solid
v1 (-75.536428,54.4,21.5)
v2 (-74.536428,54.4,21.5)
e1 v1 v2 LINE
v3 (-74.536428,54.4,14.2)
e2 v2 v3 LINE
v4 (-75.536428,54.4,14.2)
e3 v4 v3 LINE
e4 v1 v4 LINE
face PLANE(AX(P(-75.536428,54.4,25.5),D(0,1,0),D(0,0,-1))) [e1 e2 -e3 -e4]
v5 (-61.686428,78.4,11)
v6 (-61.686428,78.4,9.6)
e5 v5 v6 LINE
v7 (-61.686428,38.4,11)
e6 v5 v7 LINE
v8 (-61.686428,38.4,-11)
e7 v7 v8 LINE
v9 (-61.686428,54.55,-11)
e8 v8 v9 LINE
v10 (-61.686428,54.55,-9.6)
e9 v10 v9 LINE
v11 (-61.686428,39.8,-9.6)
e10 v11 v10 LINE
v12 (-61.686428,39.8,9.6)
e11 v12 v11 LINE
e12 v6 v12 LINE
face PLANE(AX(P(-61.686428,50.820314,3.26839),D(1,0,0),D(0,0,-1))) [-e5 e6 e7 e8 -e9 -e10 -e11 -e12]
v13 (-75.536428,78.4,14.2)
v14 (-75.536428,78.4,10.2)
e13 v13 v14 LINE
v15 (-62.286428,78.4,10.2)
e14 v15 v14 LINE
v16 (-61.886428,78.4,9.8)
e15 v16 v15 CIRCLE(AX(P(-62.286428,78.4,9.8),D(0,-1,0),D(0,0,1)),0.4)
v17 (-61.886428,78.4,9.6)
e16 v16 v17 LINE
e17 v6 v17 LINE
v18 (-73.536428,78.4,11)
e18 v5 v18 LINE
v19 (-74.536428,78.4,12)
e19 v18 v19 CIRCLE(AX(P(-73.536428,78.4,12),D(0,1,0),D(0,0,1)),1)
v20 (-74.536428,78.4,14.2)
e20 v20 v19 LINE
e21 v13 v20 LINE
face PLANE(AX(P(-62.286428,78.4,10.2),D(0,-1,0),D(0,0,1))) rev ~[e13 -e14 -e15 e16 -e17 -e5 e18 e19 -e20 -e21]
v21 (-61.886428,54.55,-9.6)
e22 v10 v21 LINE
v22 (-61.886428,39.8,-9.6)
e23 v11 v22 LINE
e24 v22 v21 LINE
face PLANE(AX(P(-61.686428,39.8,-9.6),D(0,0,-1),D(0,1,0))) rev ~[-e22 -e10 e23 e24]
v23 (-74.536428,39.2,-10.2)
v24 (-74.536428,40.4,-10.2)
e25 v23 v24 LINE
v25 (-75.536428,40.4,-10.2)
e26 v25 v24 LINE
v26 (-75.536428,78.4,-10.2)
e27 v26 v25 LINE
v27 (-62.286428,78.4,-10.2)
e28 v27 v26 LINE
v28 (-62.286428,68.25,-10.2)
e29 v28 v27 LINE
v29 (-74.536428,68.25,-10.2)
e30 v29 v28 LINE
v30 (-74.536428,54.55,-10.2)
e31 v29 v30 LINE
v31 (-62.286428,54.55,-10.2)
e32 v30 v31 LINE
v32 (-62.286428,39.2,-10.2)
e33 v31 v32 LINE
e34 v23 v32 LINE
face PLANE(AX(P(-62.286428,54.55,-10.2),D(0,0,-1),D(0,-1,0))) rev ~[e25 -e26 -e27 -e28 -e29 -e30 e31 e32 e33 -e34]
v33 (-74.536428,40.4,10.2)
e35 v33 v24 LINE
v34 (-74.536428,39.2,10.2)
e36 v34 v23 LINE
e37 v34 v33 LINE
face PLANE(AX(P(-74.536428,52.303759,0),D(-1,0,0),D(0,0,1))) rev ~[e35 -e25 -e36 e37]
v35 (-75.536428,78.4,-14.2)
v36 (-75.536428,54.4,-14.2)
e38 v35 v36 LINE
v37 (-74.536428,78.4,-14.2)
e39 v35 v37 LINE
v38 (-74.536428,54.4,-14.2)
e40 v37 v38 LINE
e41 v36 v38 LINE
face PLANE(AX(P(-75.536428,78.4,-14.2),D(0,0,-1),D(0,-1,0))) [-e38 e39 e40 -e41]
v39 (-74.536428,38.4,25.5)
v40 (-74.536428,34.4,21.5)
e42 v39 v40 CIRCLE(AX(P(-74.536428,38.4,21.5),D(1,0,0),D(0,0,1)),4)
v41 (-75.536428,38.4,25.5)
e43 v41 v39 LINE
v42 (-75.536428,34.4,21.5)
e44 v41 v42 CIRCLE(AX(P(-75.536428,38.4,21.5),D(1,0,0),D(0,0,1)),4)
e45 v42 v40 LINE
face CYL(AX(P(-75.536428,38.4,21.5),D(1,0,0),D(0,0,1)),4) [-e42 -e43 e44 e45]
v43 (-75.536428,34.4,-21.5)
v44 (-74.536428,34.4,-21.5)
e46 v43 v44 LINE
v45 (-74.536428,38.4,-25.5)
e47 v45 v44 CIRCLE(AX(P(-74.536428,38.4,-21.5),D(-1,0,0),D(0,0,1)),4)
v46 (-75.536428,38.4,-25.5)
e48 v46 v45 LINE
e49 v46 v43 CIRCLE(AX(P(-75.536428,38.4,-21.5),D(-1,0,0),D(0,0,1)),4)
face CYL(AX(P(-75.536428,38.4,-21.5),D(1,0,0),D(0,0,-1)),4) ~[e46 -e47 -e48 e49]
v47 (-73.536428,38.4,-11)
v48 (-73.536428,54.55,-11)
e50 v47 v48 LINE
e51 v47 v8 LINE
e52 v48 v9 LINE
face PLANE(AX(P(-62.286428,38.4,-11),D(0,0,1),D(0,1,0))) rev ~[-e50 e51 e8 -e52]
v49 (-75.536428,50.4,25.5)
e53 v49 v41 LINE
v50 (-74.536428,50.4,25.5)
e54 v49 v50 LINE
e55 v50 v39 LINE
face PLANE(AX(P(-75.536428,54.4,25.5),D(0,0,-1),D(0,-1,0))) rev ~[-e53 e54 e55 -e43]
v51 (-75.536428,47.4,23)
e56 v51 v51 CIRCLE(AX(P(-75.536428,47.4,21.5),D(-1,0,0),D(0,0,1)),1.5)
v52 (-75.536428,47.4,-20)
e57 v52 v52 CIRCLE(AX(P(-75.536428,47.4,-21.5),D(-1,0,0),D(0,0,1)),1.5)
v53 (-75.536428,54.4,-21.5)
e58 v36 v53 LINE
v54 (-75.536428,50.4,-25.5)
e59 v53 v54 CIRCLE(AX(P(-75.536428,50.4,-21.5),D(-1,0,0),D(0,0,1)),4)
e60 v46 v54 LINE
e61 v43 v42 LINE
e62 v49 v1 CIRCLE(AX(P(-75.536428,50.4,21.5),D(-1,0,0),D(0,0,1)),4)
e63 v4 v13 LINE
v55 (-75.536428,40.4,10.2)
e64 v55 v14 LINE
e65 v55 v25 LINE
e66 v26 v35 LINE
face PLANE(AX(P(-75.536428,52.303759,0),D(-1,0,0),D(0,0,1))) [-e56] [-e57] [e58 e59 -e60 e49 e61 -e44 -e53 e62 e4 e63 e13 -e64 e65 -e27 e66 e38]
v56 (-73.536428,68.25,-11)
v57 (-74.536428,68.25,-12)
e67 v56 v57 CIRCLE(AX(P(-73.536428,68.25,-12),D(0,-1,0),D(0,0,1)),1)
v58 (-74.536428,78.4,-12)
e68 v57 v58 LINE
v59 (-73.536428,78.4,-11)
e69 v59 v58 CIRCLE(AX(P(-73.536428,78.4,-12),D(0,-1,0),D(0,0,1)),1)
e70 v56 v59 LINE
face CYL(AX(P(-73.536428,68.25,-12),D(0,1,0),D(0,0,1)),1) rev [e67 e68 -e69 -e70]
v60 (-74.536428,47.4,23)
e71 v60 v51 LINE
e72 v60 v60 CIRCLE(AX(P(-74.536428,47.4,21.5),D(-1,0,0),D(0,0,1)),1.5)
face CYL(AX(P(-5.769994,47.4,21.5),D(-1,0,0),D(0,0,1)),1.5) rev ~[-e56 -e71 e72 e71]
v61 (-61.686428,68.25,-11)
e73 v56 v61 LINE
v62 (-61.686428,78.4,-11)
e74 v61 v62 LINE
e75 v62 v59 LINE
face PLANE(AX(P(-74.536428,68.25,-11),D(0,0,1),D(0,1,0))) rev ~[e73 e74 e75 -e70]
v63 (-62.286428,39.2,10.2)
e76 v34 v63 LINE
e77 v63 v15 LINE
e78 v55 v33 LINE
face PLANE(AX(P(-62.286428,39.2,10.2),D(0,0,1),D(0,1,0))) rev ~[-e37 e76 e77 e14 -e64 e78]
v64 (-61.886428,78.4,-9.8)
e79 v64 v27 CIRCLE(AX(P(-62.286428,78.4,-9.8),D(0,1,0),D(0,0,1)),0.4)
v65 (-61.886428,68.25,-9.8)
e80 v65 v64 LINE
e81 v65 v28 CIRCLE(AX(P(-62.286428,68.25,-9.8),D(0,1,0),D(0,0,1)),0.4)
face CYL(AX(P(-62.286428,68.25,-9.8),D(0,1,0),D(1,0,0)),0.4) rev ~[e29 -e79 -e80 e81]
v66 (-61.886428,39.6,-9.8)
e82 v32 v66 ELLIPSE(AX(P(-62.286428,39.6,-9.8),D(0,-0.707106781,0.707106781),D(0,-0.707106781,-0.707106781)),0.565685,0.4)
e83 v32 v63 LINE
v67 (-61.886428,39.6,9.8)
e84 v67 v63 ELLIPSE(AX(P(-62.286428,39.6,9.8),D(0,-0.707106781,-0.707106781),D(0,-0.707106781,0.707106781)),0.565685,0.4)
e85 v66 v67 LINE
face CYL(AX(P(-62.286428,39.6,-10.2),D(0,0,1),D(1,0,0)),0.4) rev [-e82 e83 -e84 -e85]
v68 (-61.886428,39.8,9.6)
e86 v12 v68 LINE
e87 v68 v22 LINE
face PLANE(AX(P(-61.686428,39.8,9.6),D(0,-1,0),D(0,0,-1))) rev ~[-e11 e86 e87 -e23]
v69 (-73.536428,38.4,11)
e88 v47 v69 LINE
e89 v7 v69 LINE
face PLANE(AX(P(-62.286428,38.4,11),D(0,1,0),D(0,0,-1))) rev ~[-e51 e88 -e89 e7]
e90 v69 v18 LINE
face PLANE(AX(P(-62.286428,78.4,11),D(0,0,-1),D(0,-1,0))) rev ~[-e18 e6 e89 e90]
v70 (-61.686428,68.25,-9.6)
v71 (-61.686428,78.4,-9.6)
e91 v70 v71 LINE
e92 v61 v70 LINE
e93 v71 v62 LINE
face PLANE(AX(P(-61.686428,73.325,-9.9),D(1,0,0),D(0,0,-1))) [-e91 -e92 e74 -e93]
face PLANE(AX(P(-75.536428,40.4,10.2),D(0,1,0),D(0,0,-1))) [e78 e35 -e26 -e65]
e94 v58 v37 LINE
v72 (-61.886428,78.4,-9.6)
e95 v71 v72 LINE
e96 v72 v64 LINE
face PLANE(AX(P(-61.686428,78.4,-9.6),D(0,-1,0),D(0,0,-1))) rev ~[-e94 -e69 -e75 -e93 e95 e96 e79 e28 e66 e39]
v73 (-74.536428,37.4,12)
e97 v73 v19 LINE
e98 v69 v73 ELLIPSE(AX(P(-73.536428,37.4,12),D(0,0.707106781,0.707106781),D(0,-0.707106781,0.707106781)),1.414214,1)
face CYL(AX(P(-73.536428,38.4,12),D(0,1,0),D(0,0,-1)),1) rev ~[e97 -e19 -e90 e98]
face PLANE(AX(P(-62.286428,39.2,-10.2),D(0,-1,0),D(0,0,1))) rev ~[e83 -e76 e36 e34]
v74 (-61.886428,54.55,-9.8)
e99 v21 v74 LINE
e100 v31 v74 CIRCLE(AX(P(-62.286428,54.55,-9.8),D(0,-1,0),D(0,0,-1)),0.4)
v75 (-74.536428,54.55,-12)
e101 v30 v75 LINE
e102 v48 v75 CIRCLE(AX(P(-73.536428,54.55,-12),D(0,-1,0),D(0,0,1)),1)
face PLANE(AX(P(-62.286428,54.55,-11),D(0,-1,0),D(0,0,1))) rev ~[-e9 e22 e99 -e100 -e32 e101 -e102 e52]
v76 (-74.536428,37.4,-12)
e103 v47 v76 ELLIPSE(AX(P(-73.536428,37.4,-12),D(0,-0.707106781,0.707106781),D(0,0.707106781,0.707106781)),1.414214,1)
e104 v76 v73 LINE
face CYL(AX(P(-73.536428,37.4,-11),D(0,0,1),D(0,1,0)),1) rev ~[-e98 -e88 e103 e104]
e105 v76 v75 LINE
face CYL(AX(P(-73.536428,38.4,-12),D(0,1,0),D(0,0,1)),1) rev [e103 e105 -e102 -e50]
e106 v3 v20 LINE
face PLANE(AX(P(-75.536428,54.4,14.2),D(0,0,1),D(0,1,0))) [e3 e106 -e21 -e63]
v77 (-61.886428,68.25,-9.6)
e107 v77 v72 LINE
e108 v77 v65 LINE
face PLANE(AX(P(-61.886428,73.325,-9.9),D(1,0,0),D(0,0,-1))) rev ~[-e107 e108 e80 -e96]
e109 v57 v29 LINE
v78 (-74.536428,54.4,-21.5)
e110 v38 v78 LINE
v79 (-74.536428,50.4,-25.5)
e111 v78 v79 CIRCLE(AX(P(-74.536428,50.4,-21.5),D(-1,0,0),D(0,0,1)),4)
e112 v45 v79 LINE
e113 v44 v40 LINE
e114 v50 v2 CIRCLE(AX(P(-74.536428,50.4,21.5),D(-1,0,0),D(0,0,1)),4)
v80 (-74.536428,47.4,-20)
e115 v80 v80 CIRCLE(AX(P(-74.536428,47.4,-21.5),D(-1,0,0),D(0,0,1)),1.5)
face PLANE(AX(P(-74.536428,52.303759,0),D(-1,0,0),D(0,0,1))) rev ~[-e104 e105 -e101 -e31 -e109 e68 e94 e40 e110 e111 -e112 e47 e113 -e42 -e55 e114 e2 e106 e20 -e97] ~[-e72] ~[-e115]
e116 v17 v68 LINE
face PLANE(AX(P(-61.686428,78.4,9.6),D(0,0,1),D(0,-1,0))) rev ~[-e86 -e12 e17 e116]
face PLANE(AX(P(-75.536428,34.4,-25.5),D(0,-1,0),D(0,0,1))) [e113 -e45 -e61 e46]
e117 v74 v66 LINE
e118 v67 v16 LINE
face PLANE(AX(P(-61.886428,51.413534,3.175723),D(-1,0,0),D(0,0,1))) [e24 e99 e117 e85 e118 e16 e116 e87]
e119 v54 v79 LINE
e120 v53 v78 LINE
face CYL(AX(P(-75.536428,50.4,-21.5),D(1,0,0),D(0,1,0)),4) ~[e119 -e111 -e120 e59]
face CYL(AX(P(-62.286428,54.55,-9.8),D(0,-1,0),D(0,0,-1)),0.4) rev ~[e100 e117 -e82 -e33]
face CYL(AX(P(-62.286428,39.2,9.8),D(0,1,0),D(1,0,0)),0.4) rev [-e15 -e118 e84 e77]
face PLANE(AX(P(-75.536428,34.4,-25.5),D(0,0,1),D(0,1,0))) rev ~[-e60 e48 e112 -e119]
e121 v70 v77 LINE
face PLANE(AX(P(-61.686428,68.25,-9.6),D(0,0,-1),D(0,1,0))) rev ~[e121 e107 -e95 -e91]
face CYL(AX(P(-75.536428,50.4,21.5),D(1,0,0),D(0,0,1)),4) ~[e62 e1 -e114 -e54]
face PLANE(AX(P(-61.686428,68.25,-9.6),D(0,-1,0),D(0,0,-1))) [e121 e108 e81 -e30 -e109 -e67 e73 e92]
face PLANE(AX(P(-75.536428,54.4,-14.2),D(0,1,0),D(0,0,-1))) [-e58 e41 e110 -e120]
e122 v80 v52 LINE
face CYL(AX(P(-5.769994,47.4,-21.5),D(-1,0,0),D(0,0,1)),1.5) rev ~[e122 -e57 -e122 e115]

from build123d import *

# Parameters (mm, degrees)
BOSS_EXTRUDE1_DEPTH   = 1
FILLET2_R             = 4
SKETCH2_W             = 20.4
SKETCH2_H             = 0.8
BOSS_EXTRUDE2_DEPTH   = 12.25
SKETCH3_W             = 0.8
SKETCH3_H             = 40
BOSS_EXTRUDE3_DEPTH   = 12.25
SKETCH5_W             = 0.8
SKETCH5_H             = 16.15
SKETCH5_H_2           = 10.15
BOSS_EXTRUDE4_DEPTH   = 12.25
FILLET3_R             = 1
SKETCH6_W             = 0.8
SKETCH6_H             = 10.15
BOSS_EXTRUDE5_DEPTH   = 0.6
SKETCH7_W             = 0.6
SKETCH7_H             = 10.15
EXTRUDE_THIN1_DEPTH   = 0.2
FILLET4_R             = 0.4
F_3_0MM_DOWEL_HOLE2_D = 3


with BuildPart() as part:
    # Sketch1 → Boss-Extrude1 (new body)
    with BuildSketch(Plane(origin=(-75.536427928, 0, 0), x_dir=(0, 0, -1), z_dir=(1, 0, 0))):
        Polygon((-25.5, 40.4), (-25.5, 54.4), (-14.2, 54.4), (-14.2, 78.4), (-10.2, 78.4), (-10.2, 54.4), (-10.2, 40.4), (10.2, 40.4), (10.2, 54.4), (10.2, 78.4), (14.2, 78.4), (14.2, 54.4), (25.5, 54.4), (25.5, 40.4), (25.5, 34.4), (-25.5, 34.4), align=None)
    extrude(amount=BOSS_EXTRUDE1_DEPTH)

    # Fillet2
    fillet2_edges = [part.edges().sort_by_distance(p)[0] for p in [
        (-75.036427928, 54.4, -25.5),
        (-75.036427928, 34.4, -25.5),
        (-75.036427928, 34.4, 25.5),
        (-75.036427928, 54.4, 25.5),
    ]]
    fillet(fillet2_edges, radius=FILLET2_R)

    # Sketch2 → Boss-Extrude2 (add)
    with BuildSketch(Plane(origin=(-74.536427928, 0, 0), x_dir=(0, 0, -1), z_dir=(1, 0, 0))):
        with Locations((0, 38.8)):
            Rectangle(SKETCH2_W, SKETCH2_H)
    extrude(amount=BOSS_EXTRUDE2_DEPTH)

    # Sketch3 → Boss-Extrude3 (add)
    with BuildSketch(Plane(origin=(-74.536427928, 0, 0), x_dir=(0, 0, -1), z_dir=(1, 0, 0))):
        with Locations((-10.6, 58.4)):
            Rectangle(SKETCH3_W, SKETCH3_H)
    extrude(amount=BOSS_EXTRUDE3_DEPTH)

    # Sketch5 → Boss-Extrude4 (add)
    with BuildSketch(Plane(origin=(-74.536427928, 0, 0), x_dir=(0, 0, -1), z_dir=(1, 0, 0))):
        with Locations((10.6, 46.475)):
            Rectangle(SKETCH5_W, SKETCH5_H)
        with Locations((10.6, 73.325)):
            Rectangle(SKETCH5_W, SKETCH5_H_2)
    extrude(amount=BOSS_EXTRUDE4_DEPTH)

    # Fillet3
    fillet3_edges = [part.edges().sort_by_distance(p)[0] for p in [
        (-74.536427928, 46.475, -11),
        (-74.536427928, 73.325, -11),
        (-74.536427928, 38.4, 0),
        (-74.536427928, 58.4, 11),
    ]]
    fillet(fillet3_edges, radius=FILLET3_R)

    # Sketch6 → Boss-Extrude5 (add)
    with BuildSketch(Plane(origin=(-62.286427928, 0, 0), x_dir=(0, 0, -1), z_dir=(1, 0, 0))):
        Polygon((-11, 38.4), (11, 38.4), (11, 54.55), (10.2, 54.55), (10.2, 39.2), (-10.2, 39.2), (-10.2, 78.4), (-11, 78.4), align=None)
        with Locations((10.6, 73.325)):
            Rectangle(SKETCH6_W, SKETCH6_H)
    extrude(amount=BOSS_EXTRUDE5_DEPTH)

    # Sketch7 → Extrude-Thin1 (add)
    with BuildSketch(Plane(origin=(-61.686427928, 0, 0), x_dir=(0, 0, -1), z_dir=(1, 0, 0))):
        with Locations((9.9, 73.325)):
            Rectangle(SKETCH7_W, SKETCH7_H)
        Polygon((10.2, 54.55), (10.2, 39.2), (-10.2, 39.2), (-10.2, 78.4), (-9.6, 78.4), (-9.6, 39.8), (9.6, 39.8), (9.6, 54.55), align=None)
    extrude(amount=-EXTRUDE_THIN1_DEPTH)

    # Fillet4
    fillet4_edges = [part.edges().sort_by_distance(p)[0] for p in [
        (-61.886427928, 73.325, -10.2),
        (-61.886427928, 46.875, -10.2),
        (-61.886427928, 39.2, 0),
        (-61.886427928, 58.8, 10.2),
    ]]
    fillet(fillet4_edges, radius=FILLET4_R)

    # Ø3.0mm Dowel Hole2 (through all)
    with Locations(Plane(origin=(-74.536427928, 0, 0), x_dir=(0, 0, -1), z_dir=(1, 0, 0))):
        with Locations((21.5, 47.4), (-21.5, 47.4)):
            Hole(F_3_0MM_DOWEL_HOLE2_D / 2)


solid = part.part
